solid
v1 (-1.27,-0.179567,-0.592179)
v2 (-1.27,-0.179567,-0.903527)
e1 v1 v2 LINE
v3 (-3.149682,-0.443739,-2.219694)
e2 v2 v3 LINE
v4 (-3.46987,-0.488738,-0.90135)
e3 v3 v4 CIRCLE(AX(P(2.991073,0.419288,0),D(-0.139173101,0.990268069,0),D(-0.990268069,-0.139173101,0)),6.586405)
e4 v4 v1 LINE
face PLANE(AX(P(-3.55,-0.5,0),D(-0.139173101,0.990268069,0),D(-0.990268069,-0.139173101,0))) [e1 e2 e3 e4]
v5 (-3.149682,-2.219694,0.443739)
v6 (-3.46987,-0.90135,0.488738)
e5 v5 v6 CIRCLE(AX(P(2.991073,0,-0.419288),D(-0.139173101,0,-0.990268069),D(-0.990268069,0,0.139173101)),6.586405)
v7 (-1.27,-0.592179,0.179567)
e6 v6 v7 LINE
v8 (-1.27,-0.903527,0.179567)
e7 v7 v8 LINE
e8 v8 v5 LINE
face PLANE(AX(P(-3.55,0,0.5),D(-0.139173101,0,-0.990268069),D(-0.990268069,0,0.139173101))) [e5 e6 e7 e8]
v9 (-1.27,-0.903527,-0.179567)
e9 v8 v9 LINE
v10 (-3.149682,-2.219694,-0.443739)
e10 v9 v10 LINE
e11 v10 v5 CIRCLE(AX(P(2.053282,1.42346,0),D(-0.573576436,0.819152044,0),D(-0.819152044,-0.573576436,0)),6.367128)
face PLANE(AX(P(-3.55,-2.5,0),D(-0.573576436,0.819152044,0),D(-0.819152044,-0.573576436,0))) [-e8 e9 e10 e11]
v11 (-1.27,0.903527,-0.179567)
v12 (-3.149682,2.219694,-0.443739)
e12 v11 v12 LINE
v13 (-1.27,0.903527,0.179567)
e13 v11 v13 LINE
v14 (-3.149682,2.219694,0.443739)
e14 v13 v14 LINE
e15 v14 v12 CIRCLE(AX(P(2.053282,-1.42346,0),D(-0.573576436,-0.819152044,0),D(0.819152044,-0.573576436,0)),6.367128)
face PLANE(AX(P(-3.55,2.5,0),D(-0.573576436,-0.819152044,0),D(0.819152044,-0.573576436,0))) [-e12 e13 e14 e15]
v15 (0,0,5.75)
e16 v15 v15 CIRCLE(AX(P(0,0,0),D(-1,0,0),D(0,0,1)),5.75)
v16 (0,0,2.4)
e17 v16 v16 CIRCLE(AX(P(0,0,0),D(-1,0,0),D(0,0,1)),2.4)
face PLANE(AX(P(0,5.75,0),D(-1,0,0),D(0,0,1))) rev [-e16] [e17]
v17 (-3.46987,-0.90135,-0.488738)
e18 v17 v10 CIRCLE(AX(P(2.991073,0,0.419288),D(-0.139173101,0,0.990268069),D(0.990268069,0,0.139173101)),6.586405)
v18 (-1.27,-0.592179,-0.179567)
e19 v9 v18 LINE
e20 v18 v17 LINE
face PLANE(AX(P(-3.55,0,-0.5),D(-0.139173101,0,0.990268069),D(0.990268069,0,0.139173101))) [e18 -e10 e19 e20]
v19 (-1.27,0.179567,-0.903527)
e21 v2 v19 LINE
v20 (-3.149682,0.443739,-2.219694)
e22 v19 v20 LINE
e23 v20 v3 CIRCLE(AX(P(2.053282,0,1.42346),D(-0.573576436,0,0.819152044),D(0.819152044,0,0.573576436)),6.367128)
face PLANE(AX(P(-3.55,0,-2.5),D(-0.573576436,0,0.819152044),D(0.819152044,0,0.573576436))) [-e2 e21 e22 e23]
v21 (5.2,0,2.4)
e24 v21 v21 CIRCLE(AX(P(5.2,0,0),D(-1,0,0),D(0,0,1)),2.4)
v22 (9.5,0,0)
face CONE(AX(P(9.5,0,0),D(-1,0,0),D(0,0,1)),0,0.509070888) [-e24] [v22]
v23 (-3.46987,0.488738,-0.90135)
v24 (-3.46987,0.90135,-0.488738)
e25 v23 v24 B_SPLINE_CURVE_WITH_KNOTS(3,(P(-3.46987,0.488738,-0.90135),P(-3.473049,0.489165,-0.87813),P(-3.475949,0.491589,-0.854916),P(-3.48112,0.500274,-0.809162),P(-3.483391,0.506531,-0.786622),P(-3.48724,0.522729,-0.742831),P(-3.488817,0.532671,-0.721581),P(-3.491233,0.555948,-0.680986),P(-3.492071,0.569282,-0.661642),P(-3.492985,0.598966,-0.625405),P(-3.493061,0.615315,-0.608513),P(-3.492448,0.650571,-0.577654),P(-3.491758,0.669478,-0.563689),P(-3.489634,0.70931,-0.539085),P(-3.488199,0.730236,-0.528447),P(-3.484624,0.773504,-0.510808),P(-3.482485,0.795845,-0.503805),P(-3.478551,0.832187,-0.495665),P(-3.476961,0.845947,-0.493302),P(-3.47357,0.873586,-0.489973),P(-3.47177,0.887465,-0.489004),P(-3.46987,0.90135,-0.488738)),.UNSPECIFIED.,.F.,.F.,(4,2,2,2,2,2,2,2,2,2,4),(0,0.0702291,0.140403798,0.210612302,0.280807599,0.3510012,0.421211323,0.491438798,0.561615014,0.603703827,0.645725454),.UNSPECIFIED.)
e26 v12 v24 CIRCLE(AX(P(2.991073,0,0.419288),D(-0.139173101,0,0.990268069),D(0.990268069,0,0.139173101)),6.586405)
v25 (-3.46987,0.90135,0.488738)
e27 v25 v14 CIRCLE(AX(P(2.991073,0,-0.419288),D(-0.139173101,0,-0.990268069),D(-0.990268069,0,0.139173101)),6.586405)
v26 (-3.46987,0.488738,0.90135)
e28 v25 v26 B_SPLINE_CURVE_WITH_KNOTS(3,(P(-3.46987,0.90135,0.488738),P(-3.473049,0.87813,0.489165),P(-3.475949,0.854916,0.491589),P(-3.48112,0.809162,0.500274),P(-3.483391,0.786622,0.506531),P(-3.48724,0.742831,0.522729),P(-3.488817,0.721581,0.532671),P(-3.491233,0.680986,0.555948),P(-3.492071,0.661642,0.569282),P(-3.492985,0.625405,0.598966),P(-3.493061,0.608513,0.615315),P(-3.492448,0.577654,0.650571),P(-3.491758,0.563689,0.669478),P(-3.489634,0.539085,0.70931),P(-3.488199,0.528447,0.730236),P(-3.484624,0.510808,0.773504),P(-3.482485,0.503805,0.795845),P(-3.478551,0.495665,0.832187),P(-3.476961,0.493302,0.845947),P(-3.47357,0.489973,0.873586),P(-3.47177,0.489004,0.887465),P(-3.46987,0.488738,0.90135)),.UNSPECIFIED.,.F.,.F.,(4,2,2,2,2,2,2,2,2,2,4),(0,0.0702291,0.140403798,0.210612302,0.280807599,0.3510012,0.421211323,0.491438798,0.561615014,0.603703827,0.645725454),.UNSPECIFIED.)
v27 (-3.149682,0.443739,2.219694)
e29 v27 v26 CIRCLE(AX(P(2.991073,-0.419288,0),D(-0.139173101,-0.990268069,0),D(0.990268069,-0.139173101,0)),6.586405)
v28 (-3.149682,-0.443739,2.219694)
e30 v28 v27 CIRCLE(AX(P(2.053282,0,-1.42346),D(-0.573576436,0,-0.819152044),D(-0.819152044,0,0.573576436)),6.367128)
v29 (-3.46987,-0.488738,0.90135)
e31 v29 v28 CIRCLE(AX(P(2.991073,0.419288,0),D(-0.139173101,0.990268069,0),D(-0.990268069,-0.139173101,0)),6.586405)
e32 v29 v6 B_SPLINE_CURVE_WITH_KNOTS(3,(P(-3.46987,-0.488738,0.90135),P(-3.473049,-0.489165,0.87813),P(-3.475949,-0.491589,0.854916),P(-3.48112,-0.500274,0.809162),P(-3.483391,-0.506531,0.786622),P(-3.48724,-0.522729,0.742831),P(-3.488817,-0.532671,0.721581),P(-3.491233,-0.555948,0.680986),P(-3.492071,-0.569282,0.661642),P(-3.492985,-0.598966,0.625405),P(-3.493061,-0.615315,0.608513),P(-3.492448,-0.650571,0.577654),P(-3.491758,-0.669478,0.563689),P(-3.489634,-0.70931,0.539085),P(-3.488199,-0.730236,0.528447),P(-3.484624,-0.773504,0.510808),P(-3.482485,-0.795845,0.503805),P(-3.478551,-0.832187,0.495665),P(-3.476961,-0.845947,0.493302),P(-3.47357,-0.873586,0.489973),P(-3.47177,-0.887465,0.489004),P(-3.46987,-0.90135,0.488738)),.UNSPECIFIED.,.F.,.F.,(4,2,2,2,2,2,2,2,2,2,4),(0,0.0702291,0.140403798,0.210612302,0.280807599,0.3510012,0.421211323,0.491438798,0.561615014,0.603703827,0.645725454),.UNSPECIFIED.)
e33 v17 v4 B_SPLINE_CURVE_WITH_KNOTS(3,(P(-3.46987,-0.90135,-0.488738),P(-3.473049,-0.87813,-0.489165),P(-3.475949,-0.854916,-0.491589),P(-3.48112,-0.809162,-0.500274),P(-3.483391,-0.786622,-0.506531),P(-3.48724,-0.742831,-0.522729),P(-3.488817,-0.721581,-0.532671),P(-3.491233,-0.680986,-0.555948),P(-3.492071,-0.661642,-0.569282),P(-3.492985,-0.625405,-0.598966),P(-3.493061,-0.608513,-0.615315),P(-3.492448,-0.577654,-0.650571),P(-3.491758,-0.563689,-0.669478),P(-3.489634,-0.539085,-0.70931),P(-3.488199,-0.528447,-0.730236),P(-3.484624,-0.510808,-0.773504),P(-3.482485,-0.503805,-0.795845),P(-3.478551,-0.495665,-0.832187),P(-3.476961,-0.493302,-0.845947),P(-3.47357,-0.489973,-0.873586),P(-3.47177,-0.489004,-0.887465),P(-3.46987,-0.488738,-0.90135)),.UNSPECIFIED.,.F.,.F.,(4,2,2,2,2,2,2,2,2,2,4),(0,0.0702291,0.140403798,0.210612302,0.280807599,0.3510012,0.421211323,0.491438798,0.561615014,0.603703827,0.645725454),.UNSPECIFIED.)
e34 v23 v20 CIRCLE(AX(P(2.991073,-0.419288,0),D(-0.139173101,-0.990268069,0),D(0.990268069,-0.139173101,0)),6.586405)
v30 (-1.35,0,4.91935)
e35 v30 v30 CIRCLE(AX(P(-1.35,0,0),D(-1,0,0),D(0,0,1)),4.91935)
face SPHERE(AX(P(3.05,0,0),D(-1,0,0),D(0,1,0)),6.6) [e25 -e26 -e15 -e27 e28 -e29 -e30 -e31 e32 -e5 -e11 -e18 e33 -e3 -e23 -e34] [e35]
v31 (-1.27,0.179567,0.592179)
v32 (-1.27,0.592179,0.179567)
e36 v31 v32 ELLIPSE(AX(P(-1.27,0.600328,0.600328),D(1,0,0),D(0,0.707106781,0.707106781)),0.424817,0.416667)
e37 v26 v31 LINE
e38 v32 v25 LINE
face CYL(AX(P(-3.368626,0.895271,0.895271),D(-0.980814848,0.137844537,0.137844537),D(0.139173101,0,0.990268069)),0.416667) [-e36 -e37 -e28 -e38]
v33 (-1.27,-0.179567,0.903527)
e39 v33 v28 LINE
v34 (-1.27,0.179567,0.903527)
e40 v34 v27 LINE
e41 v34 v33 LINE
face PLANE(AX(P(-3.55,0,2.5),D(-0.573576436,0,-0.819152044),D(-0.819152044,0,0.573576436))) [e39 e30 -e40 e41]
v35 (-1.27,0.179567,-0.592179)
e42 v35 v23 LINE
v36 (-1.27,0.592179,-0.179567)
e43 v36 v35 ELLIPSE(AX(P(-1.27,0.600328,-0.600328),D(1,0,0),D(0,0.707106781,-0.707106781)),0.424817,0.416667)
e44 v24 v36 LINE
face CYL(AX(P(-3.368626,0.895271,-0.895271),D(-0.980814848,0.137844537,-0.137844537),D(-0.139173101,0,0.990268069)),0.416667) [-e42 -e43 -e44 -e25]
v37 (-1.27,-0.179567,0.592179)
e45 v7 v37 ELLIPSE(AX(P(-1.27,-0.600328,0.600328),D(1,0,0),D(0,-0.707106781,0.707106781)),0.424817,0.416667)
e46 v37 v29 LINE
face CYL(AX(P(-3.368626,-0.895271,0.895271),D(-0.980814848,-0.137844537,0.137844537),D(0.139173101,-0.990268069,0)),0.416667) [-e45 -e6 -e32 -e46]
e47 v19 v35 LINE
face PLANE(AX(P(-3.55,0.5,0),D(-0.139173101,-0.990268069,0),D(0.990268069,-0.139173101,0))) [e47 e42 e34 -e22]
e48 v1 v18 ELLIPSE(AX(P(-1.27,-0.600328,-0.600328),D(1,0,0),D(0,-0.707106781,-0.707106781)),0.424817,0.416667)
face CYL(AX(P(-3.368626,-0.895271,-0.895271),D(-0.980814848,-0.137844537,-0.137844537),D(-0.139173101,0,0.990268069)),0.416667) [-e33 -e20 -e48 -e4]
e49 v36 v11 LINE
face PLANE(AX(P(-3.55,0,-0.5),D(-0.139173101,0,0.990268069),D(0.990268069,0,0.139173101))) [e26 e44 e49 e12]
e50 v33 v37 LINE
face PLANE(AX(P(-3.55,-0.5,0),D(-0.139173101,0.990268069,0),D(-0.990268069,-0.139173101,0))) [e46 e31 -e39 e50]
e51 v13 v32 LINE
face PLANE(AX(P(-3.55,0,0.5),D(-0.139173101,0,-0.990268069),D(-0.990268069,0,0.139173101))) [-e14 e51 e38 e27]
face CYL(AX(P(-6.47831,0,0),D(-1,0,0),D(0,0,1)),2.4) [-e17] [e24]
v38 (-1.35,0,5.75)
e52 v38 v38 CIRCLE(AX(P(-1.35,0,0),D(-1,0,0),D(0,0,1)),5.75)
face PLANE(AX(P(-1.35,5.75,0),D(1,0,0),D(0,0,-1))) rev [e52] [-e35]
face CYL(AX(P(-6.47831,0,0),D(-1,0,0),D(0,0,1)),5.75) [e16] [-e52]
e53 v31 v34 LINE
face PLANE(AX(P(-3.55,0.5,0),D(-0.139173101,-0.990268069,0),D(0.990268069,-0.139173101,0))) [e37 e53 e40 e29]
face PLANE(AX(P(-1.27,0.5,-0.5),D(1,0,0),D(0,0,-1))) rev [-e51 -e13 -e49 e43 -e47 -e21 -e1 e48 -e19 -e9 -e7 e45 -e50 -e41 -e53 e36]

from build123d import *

# Parameters (mm, degrees)
CHAMFER1_SIZE      = 0.48
CHAMFER1_SIZE2     = 0.831384388
CUT_EXTRUDE1_DEPTH = 2.28
DRAFT1_ANGLE       = -35
DRAFT2_ANGLE       = -8
FILLET1_R          = 0.416666667


with BuildPart() as part:
    # Sketch1 → Revolve1 (revolve)
    with BuildSketch(Plane.XY, mode=Mode.PRIVATE) as revolve1_sk:
        with BuildLine():
            Line((0, 5.75), (0, 2.4))
            Line((0, 2.4), (9.5, 2.4))
            Line((9.5, 2.4), (9.5, 0))
            Line((9.5, 0), (-3.55, 0))
            ThreePointArc((-3.55, 0), (-2.974948133, 2.694438717), (-1.35, 4.91934955))
            Line((-1.35, 4.91934955), (-1.35, 5.75))
            Line((-1.35, 5.75), (0, 5.75))
        make_face()
    revolve(revolve1_sk.sketch.rotate(Axis((-6.478309986, 0, 0), (1, 0, 0)), 90), axis=Axis((-6.478309986, 0, 0), (1, 0, 0)))

    # Chamfer1
    chamfer1_edges = [part.edges().sort_by_distance(p)[0] for p in [
        (9.5, 0, -2.4),
    ]]
    chamfer1_side = [part.faces().sort_by_distance(p)[0] for p in [
        (9.5, 0, 0),
    ]]
    chamfer(chamfer1_edges, length=CHAMFER1_SIZE, length2=CHAMFER1_SIZE2, reference=chamfer1_side[0])

    # Sketch8 → EndCone (revolve, cut)
    with BuildSketch(Plane.XY, mode=Mode.PRIVATE) as endcone_sk:
        Polygon((9.5, 0), (9.7, 0), (9.7, -2.6), (5.2, -2.6), (5.2, -2.4), align=None)
    revolve(endcone_sk.sketch.rotate(Axis((0, 0, 0), (1, 0, 0)), 270), axis=Axis((0, 0, 0), (1, 0, 0)), mode=Mode.SUBTRACT)

    # Sketch4 → Cut-Extrude1 (cut)
    with BuildSketch(Plane(origin=(-3.55, 0, 0), x_dir=(0, 0, -1), z_dir=(1, 0, 0))):
        Polygon((0.5, 2.5), (-0.5, 2.5), (-0.5, 0.5), (-2.5, 0.5), (-2.5, -0.5), (-0.5, -0.5), (-0.5, -2.5), (0.5, -2.5), (0.5, -0.5), (2.5, -0.5), (2.5, 0.5), (0.5, 0.5), align=None)
    extrude(amount=CUT_EXTRUDE1_DEPTH, mode=Mode.SUBTRACT)

    # Draft1
    draft1_faces = [part.faces().sort_by_distance(p)[0] for p in [
        (-2.160691933, 0, -2.5),
        (-2.160691933, -2.5, 0),
        (-2.160691933, 0, 2.5),
        (-2.160691933, 2.5, 0),
    ]]
    draft(draft1_faces, Plane.YZ.offset(-3.55), DRAFT1_ANGLE)

    # Draft2
    draft2_faces = [part.faces().sort_by_distance(p)[0] for p in [
        (-2.544118115, 1.102349446, -0.5),
        (-2.544118115, 0.5, -1.102349446),
        (-2.544118115, -0.5, -1.102349446),
        (-2.544118115, -1.102349446, -0.5),
        (-2.544118115, -1.102349446, 0.5),
        (-2.544118115, -0.5, 1.102349446),
        (-2.544118115, 0.5, 1.102349446),
        (-2.544118115, 1.102349446, 0.5),
    ]]
    draft(draft2_faces, Plane.YZ.offset(-3.55), DRAFT2_ANGLE)

    # Fillet1
    fillet1_edges = [part.edges().sort_by_distance(p)[0] for p in [
        (-2.391402154, 0.337169692, -0.337169692),
        (-2.391402154, 0.337169692, 0.337169692),
        (-2.391402154, -0.337169692, 0.337169692),
        (-2.391402154, -0.337169692, -0.337169692),
    ]]
    fillet(fillet1_edges, radius=FILLET1_R)


solid = part.part
